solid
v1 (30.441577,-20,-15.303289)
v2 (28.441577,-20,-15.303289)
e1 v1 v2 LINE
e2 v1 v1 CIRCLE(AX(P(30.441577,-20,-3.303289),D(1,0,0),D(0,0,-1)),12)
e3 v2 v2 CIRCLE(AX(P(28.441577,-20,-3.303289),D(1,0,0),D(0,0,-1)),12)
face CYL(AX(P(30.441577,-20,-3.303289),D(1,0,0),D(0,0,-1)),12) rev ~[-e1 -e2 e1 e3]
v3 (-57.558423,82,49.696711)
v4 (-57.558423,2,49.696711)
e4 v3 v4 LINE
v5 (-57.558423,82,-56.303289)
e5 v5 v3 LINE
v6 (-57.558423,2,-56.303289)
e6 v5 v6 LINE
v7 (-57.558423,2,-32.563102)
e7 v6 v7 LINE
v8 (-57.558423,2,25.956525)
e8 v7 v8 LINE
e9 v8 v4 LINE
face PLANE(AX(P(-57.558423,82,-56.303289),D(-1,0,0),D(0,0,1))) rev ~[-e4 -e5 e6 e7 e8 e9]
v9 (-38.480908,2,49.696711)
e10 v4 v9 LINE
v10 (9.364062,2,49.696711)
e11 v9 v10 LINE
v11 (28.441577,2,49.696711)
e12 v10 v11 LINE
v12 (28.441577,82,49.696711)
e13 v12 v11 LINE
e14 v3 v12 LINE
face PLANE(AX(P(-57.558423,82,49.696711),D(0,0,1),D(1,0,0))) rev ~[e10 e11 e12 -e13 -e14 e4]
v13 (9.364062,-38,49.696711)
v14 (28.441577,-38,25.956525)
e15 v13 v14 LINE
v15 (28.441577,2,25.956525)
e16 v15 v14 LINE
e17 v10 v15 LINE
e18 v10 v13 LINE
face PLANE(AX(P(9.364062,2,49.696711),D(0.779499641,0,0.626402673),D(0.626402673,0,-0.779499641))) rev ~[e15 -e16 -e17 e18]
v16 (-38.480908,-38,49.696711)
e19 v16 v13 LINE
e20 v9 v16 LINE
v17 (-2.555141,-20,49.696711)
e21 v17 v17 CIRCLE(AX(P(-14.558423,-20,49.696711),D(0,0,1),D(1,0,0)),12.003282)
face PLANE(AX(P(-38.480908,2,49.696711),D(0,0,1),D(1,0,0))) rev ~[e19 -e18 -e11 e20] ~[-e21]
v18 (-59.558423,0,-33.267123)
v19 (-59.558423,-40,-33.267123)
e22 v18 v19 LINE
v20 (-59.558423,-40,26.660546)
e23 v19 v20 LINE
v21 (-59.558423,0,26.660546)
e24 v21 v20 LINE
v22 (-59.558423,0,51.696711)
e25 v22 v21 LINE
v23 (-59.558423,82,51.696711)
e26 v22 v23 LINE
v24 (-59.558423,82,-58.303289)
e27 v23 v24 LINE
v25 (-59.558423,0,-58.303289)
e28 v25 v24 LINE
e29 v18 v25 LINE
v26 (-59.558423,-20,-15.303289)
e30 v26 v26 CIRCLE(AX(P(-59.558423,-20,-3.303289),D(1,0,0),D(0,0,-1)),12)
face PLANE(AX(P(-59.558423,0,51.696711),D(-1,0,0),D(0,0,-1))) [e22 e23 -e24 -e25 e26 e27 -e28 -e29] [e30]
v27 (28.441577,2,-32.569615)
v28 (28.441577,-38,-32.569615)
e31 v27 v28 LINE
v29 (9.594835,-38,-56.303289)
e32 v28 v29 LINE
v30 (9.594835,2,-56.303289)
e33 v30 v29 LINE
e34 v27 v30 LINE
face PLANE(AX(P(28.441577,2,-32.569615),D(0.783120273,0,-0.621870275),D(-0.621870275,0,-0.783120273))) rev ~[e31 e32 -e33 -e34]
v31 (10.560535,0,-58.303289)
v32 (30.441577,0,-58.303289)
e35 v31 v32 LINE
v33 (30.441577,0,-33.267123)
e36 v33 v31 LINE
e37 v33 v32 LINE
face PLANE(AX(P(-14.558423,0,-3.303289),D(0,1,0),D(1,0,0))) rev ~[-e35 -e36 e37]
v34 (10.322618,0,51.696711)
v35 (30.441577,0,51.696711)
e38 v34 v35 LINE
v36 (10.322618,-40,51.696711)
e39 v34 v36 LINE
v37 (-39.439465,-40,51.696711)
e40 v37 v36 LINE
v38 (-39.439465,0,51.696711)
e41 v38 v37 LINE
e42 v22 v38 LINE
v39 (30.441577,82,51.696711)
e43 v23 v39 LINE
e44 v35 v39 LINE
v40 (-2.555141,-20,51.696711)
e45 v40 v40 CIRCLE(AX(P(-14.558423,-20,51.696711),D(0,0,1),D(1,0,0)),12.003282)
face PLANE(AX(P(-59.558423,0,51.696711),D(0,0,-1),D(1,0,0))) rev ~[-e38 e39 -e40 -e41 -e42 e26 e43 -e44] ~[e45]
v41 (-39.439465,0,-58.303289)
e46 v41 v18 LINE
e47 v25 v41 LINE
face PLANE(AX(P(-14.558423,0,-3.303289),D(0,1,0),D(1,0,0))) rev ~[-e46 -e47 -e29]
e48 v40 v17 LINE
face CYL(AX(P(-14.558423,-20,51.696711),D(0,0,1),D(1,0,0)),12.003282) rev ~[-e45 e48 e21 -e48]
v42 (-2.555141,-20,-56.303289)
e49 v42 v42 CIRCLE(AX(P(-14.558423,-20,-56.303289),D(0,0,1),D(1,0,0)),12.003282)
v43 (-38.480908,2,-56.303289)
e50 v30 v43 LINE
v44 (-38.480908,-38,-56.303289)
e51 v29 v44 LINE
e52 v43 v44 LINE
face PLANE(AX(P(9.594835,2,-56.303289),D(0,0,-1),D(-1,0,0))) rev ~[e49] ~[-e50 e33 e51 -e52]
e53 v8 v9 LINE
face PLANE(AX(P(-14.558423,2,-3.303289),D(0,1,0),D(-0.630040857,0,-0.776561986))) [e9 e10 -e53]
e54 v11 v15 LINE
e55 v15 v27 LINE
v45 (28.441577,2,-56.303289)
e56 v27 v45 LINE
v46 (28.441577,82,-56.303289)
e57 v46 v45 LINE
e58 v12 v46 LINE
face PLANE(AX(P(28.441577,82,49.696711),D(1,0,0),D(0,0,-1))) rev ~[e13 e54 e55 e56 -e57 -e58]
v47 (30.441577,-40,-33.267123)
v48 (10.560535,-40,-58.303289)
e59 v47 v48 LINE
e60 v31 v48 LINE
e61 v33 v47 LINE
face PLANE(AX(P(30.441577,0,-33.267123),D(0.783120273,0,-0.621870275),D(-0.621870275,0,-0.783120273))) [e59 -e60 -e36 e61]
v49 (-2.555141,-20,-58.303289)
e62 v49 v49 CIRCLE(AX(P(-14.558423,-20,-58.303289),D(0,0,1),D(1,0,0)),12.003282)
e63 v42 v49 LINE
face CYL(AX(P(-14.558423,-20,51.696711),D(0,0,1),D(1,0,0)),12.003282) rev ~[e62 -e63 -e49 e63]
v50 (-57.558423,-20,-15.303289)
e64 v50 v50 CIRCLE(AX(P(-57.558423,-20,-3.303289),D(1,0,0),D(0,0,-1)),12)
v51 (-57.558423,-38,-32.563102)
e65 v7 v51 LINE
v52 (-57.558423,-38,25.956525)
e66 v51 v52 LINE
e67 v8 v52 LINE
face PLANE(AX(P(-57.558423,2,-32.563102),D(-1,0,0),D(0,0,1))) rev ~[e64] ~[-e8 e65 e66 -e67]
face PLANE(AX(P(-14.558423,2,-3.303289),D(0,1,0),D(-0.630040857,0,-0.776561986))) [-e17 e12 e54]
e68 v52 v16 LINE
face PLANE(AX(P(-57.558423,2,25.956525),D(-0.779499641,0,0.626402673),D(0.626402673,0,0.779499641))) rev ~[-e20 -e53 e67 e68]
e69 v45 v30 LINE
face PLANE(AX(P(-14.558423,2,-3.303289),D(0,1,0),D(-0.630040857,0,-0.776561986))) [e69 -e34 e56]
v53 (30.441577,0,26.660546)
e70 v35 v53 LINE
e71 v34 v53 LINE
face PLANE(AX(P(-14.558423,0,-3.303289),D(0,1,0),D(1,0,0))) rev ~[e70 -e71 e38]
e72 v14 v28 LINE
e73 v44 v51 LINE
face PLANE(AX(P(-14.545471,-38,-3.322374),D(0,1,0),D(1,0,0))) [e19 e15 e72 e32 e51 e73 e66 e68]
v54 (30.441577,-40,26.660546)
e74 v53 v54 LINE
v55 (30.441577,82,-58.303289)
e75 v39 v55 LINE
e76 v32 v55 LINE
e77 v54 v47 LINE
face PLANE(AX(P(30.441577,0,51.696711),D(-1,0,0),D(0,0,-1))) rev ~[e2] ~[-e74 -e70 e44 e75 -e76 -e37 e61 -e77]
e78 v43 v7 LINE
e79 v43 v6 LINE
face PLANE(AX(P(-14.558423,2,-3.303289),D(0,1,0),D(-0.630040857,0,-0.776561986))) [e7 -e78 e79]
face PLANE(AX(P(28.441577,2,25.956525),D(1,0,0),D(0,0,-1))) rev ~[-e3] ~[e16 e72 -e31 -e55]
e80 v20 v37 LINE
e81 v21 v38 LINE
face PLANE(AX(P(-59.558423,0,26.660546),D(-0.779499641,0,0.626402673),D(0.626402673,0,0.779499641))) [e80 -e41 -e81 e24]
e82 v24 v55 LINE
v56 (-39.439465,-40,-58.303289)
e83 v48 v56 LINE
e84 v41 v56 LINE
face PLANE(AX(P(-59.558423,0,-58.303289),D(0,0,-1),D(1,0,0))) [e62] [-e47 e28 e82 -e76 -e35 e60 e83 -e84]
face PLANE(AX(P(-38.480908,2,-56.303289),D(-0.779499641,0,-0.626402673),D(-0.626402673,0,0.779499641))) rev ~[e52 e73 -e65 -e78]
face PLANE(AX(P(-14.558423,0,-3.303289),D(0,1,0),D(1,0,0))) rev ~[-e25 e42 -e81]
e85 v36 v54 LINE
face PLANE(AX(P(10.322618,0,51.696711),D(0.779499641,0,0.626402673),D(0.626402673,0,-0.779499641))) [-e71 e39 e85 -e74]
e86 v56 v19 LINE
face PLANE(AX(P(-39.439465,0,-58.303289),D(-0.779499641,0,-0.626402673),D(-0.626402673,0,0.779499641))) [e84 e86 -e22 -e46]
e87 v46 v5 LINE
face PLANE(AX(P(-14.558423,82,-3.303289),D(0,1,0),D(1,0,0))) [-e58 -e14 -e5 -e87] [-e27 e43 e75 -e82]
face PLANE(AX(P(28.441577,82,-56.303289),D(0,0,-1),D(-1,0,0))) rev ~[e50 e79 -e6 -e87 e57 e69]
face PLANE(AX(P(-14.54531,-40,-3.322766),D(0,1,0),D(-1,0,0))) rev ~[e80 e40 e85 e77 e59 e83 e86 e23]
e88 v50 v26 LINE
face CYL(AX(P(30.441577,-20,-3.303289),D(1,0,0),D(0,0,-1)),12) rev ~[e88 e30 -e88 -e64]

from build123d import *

# Parameters (mm, degrees)
SKETCH1_W           = 90
SKETCH1_H           = 110
BOSS_EXTRUDE1_DEPTH = 82
CUT_EXTRUDE1_DEPTH  = 80
BOSS_EXTRUDE2_DEPTH = 40
CUT_EXTRUDE2_DEPTH  = 40
SKETCH11_R          = 12
CUT_EXTRUDE3_DEPTH  = 94
SKETCH12_R          = 12.003282012
CUT_EXTRUDE4_DEPTH  = 113


with BuildPart() as part:
    # Sketch1 → Boss-Extrude1 (new body)
    with BuildSketch(Plane(origin=(0, 0, 0), x_dir=(1, 0, 0), z_dir=(0, 1, 0))):
        with Locations((-14.558423382, 3.303288505)):
            Rectangle(SKETCH1_W, SKETCH1_H)
    extrude(amount=BOSS_EXTRUDE1_DEPTH)

    # 3DSketch1 → Cut-Extrude1 (cut)
    with BuildSketch(Plane(origin=(28.441576618, 82, 49.696711495), x_dir=(-0.6300408568675958, 0, -0.7765619863716906), z_dir=(0, 1, 0))):
        Polygon((0, 0), (82.315570555, -66.784330828), (136.499084246, 0), (54.183513691, 66.784330828), align=None)
    extrude(amount=-CUT_EXTRUDE1_DEPTH, mode=Mode.SUBTRACT)

    # Sketch7 → Boss-Extrude2 (add)
    with BuildSketch(Plane.XZ):
        Polygon((30.441576618, 26.660546429), (30.441576618, -33.267123439), (10.560534859, -58.303288505), (-39.439465141, -58.303288505), (-59.558423382, -33.267123439), (-59.558423382, 26.660546429), (-39.439465141, 51.696711495), (10.322618378, 51.696711495), align=None)
    extrude(amount=BOSS_EXTRUDE2_DEPTH)

    # Sketch10 → Cut-Extrude2 (cut)
    with BuildSketch(Plane(origin=(0, 2, 0), x_dir=(1, 0, 0), z_dir=(0, 1, 0))):
        Polygon((28.441576618, -25.9565253), (28.441576618, 32.569615498), (9.594834599, 56.303288505), (-38.480908378, 56.303288505), (-57.558423382, 32.563102309), (-57.558423382, -25.9565253), (-38.480908378, -49.696711495), (9.364061615, -49.696711495), align=None)
    extrude(amount=-CUT_EXTRUDE2_DEPTH, mode=Mode.SUBTRACT)

    # Sketch11 → Cut-Extrude3 (cut)
    with BuildSketch(Plane(origin=(30.441576618, 0, 0), x_dir=(0, 0, -1), z_dir=(1, 0, 0))):
        with Locations((3.303288505, -20)):
            Circle(SKETCH11_R)
    extrude(amount=-CUT_EXTRUDE3_DEPTH, mode=Mode.SUBTRACT)

    # Sketch12 → Cut-Extrude4 (cut)
    with BuildSketch(Plane.XY.offset(51.696711495)):
        with Locations((-14.558423382, -20)):
            Circle(SKETCH12_R)
    extrude(amount=-CUT_EXTRUDE4_DEPTH, mode=Mode.SUBTRACT)


solid = part.part
